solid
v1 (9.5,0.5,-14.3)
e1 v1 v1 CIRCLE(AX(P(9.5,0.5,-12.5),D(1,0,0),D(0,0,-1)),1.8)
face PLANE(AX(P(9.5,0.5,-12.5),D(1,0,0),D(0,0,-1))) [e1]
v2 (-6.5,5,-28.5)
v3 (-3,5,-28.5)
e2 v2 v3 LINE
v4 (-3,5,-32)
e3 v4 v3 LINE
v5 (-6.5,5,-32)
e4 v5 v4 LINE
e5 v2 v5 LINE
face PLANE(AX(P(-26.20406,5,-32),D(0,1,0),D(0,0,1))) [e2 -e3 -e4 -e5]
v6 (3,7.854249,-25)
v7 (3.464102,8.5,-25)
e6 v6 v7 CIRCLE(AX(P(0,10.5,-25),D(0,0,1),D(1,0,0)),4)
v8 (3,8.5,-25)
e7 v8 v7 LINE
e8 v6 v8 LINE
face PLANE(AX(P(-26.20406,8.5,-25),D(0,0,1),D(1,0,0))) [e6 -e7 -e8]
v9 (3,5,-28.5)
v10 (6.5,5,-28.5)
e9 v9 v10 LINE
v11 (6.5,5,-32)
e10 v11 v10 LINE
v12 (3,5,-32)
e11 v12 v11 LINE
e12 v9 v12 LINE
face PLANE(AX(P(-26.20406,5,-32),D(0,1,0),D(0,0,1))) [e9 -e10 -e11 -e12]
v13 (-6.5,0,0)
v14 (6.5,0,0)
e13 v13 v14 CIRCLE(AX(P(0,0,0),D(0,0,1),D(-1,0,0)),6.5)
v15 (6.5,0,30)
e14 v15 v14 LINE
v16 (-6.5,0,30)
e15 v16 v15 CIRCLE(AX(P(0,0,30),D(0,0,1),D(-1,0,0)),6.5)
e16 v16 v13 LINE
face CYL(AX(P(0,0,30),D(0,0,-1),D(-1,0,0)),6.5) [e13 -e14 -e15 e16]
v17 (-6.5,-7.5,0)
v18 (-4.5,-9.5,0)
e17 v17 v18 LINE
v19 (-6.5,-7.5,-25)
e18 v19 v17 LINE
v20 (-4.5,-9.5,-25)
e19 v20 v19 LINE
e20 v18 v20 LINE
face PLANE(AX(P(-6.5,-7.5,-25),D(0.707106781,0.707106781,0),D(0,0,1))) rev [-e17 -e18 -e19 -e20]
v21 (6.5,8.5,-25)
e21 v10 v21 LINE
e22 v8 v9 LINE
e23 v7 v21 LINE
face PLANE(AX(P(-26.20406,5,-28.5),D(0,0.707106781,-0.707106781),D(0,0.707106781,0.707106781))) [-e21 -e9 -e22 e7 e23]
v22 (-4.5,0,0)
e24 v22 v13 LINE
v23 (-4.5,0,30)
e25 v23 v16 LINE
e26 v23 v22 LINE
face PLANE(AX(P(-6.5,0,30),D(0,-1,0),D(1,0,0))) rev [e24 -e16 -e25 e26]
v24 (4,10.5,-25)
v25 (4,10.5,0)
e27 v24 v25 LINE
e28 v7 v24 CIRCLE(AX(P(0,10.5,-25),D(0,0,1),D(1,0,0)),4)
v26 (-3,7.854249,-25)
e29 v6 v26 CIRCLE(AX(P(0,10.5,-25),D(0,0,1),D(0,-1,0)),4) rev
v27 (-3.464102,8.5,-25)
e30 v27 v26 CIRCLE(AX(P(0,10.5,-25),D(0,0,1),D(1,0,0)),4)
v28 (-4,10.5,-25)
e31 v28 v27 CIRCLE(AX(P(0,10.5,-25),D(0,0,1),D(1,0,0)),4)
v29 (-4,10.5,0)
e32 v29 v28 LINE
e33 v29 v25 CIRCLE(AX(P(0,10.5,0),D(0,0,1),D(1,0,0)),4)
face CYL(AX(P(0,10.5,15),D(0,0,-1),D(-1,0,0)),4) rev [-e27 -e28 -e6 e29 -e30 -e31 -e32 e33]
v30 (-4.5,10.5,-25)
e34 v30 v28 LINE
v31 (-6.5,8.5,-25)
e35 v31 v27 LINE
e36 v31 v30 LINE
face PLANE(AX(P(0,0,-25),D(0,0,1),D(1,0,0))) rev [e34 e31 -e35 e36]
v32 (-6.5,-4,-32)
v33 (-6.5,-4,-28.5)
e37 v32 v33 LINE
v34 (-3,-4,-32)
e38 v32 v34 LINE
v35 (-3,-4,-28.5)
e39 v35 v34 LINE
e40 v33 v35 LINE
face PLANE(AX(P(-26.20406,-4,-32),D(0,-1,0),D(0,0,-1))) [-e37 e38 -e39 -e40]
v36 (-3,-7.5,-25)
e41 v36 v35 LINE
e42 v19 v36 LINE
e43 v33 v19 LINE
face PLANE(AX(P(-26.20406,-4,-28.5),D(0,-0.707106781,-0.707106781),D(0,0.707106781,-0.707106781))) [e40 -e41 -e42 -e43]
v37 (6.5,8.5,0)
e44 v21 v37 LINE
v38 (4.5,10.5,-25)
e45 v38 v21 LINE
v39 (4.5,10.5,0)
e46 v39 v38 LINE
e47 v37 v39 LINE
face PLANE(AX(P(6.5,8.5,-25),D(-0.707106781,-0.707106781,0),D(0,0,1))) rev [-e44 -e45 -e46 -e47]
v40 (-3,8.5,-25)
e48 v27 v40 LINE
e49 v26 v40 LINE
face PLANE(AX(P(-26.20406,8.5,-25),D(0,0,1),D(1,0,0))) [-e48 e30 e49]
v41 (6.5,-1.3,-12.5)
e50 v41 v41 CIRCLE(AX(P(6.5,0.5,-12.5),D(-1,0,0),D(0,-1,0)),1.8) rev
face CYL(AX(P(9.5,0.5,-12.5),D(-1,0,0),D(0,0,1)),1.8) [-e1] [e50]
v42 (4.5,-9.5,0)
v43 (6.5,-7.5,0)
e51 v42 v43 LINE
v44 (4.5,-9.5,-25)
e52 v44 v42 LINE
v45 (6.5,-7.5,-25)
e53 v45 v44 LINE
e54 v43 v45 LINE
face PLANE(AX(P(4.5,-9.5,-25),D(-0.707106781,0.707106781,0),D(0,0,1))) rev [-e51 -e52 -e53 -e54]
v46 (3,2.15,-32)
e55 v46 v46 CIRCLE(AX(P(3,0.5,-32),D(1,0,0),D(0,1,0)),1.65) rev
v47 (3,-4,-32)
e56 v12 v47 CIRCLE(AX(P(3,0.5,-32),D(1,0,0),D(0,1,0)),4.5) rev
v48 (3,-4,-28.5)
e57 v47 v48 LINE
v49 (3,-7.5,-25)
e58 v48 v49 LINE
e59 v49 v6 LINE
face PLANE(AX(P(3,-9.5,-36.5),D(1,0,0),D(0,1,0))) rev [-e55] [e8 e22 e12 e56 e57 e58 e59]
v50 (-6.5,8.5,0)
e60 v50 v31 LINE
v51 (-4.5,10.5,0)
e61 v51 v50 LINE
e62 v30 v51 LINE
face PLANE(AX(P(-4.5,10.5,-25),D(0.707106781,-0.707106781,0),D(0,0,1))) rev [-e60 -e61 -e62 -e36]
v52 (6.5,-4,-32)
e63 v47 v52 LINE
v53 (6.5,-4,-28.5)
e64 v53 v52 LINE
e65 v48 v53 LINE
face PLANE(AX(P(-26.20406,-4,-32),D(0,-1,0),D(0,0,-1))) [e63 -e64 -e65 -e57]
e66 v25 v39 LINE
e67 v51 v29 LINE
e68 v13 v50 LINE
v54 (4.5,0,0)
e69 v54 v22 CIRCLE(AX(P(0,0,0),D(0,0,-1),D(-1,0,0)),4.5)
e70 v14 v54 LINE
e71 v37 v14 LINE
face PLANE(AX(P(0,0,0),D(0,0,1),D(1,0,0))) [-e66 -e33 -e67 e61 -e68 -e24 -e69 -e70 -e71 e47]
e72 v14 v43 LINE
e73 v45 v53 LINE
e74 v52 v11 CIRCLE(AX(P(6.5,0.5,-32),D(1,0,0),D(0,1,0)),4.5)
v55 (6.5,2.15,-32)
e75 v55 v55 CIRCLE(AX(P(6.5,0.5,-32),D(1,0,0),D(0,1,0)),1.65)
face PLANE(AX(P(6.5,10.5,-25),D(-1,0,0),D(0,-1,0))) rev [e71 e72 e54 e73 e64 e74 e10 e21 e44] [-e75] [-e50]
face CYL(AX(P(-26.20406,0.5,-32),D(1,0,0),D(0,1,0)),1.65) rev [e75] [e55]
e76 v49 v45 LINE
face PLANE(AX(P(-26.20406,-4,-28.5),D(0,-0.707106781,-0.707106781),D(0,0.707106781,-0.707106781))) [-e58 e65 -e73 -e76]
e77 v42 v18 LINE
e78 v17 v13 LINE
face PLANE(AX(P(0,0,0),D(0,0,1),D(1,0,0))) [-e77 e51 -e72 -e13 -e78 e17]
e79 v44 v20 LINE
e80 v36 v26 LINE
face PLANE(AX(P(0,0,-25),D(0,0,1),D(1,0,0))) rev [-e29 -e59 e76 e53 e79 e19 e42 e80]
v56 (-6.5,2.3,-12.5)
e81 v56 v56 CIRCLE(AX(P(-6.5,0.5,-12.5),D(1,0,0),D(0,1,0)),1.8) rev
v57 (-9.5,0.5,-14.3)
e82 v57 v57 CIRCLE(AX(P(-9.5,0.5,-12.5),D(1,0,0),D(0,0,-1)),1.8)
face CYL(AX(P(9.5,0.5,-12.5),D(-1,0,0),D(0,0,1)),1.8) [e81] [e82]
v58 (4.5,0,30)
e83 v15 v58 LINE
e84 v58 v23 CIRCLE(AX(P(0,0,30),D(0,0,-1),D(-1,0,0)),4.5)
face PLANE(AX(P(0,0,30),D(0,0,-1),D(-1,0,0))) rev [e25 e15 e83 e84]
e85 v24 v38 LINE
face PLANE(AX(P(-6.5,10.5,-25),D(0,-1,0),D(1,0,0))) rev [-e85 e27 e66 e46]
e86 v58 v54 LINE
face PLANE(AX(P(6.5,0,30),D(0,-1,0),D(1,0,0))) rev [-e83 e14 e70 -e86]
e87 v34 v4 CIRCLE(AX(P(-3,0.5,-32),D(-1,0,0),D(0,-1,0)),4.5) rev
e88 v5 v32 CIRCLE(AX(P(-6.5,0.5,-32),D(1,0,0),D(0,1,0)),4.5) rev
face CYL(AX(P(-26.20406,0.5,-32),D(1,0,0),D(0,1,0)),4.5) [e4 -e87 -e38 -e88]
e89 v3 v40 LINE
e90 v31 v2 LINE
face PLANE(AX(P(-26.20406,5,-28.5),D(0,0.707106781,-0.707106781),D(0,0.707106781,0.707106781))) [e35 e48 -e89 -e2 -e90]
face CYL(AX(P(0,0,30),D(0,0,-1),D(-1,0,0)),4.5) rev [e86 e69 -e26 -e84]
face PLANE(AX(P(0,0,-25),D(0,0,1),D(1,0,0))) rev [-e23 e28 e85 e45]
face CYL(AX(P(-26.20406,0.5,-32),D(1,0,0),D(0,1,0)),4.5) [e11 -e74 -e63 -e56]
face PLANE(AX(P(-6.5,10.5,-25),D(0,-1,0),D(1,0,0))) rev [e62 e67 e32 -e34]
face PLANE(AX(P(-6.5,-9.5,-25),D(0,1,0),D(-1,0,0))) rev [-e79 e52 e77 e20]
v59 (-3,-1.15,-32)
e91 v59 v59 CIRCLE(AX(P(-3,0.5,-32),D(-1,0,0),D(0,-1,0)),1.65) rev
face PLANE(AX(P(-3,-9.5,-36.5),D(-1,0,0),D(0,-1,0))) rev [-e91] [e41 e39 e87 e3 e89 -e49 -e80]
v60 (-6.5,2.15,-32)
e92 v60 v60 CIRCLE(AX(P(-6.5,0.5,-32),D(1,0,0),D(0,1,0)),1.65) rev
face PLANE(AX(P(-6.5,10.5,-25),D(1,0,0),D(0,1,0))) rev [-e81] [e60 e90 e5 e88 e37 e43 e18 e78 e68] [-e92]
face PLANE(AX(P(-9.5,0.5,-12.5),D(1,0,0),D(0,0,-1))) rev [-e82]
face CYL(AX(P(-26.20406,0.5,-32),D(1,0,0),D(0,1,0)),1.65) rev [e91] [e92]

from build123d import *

# Parameters (mm, degrees)
BOSS_EXTRUDE1_DEPTH     = 30
SKETCH2_W               = 13
SKETCH2_H               = 20
BOSS_EXTRUDE2_DEPTH     = 25
CHAMFER1_SIZE           = 2
SKETCH3_R               = 4
CUT_EXTRUDE1_DEPTH      = 40
SKETCH4_R               = 1.8
BOSS_EXTRUDE3_DEPTH     = 9.5
BOSS_EXTRUDE4_REACH     = 37.584
SKETCH5_R               = 1.65
CUT_EXTRUDE2_DEPTH      = 41.40730132
CUT_EXTRUDE2_DEPTH_BACK = 41.40730132
SKETCH6_W               = 6
SKETCH6_H               = 11.5


with BuildPart() as part:
    # Sketch1 → Boss-Extrude1 (new body)
    with BuildSketch(Plane.XY):
        with BuildLine():
            Line((6.5, 0), (4.5, 0))
            ThreePointArc((4.5, 0), (0, -4.5), (-4.5, 0))
            Line((-4.5, 0), (-6.5, 0))
            ThreePointArc((-6.5, 0), (0, -6.5), (6.5, 0))
        make_face()
    extrude(amount=BOSS_EXTRUDE1_DEPTH)

    # Sketch2 → Boss-Extrude2 (add)
    with BuildSketch(Plane(origin=(0, 0, 0), x_dir=(-1, 0, 0), z_dir=(0, 0, -1))):
        with Locations((0, 0.5)):
            Rectangle(SKETCH2_W, SKETCH2_H)
    extrude(amount=BOSS_EXTRUDE2_DEPTH)

    # Chamfer1
    chamfer1_edges = [part.edges().sort_by_distance(p)[0] for p in [
        (6.5, 10.5, -12.5),
        (6.5, -9.5, -12.5),
        (-6.5, -9.5, -12.5),
        (-6.5, 10.5, -12.5),
    ]]
    chamfer(chamfer1_edges, length=CHAMFER1_SIZE)

    # Sketch3 → Cut-Extrude1 (cut)
    with BuildSketch(Plane(origin=(0, 0, -25), x_dir=(-1, 0, 0), z_dir=(0, 0, -1))):
        with Locations((0, 10.5)):
            Circle(SKETCH3_R)
    extrude(amount=-CUT_EXTRUDE1_DEPTH, mode=Mode.SUBTRACT)

    # Sketch4 → Boss-Extrude3 (add, symmetric)
    with BuildSketch(Plane(origin=(0, 0, 0), x_dir=(0, 0, -1), z_dir=(1, 0, 0))):
        with Locations(Location((12.5, 0.5, 0), (0, 0, 90))):
            Circle(SKETCH4_R)
    extrude(amount=BOSS_EXTRUDE3_DEPTH, both=True)

    # Boss-Extrude4: up to this face of the body (flat: up to its plane)
    boss_extrude4_end = Plane(part.part.faces().sort_by_distance((-6.5, -3.75, -0.296816442))[0])
    # Sketch5 → Boss-Extrude4 (add, up to the picked face)
    with BuildSketch(Plane(origin=(6.5, 0, 0), x_dir=(0, 0, -1), z_dir=(1, 0, 0)), mode=Mode.PRIVATE) as boss_extrude4_sk1:
        with BuildLine():
            Line((32, 5), (28.5, 5))
            Line((28.5, 5), (25, 8.5))
            Line((25, 8.5), (25, -7.5))
            Line((25, -7.5), (28.5, -4))
            Line((28.5, -4), (32, -4))
            ThreePointArc((32, -4), (36.5, 0.5), (32, 5))
        make_face()
        with Locations(Location((32, 0.5, 0), (0, 0, 90))):
            Circle(SKETCH5_R, mode=Mode.SUBTRACT)
    boss_extrude4_tool1 = split(extrude(boss_extrude4_sk1.sketch, amount=-BOSS_EXTRUDE4_REACH, mode=Mode.PRIVATE), bisect_by=boss_extrude4_end, keep=Keep.BOTH, mode=Mode.PRIVATE)
    add(boss_extrude4_tool1.solids().sort_by(Axis((6.5, 0.5, -29.652842), (-1, 0, 0)))[0])

    # Sketch6 → Cut-Extrude2 (cut, two sides: drawn at the far end of the back side and taken through both)
    with BuildSketch(Plane(origin=(0, 5, 0), x_dir=(1, 0, 0), z_dir=(0, 1, 0)).offset(-CUT_EXTRUDE2_DEPTH_BACK)):
        with Locations((0, 30.75)):
            Rectangle(SKETCH6_W, SKETCH6_H)
    extrude(amount=CUT_EXTRUDE2_DEPTH + CUT_EXTRUDE2_DEPTH_BACK, mode=Mode.SUBTRACT)


solid = part.part
